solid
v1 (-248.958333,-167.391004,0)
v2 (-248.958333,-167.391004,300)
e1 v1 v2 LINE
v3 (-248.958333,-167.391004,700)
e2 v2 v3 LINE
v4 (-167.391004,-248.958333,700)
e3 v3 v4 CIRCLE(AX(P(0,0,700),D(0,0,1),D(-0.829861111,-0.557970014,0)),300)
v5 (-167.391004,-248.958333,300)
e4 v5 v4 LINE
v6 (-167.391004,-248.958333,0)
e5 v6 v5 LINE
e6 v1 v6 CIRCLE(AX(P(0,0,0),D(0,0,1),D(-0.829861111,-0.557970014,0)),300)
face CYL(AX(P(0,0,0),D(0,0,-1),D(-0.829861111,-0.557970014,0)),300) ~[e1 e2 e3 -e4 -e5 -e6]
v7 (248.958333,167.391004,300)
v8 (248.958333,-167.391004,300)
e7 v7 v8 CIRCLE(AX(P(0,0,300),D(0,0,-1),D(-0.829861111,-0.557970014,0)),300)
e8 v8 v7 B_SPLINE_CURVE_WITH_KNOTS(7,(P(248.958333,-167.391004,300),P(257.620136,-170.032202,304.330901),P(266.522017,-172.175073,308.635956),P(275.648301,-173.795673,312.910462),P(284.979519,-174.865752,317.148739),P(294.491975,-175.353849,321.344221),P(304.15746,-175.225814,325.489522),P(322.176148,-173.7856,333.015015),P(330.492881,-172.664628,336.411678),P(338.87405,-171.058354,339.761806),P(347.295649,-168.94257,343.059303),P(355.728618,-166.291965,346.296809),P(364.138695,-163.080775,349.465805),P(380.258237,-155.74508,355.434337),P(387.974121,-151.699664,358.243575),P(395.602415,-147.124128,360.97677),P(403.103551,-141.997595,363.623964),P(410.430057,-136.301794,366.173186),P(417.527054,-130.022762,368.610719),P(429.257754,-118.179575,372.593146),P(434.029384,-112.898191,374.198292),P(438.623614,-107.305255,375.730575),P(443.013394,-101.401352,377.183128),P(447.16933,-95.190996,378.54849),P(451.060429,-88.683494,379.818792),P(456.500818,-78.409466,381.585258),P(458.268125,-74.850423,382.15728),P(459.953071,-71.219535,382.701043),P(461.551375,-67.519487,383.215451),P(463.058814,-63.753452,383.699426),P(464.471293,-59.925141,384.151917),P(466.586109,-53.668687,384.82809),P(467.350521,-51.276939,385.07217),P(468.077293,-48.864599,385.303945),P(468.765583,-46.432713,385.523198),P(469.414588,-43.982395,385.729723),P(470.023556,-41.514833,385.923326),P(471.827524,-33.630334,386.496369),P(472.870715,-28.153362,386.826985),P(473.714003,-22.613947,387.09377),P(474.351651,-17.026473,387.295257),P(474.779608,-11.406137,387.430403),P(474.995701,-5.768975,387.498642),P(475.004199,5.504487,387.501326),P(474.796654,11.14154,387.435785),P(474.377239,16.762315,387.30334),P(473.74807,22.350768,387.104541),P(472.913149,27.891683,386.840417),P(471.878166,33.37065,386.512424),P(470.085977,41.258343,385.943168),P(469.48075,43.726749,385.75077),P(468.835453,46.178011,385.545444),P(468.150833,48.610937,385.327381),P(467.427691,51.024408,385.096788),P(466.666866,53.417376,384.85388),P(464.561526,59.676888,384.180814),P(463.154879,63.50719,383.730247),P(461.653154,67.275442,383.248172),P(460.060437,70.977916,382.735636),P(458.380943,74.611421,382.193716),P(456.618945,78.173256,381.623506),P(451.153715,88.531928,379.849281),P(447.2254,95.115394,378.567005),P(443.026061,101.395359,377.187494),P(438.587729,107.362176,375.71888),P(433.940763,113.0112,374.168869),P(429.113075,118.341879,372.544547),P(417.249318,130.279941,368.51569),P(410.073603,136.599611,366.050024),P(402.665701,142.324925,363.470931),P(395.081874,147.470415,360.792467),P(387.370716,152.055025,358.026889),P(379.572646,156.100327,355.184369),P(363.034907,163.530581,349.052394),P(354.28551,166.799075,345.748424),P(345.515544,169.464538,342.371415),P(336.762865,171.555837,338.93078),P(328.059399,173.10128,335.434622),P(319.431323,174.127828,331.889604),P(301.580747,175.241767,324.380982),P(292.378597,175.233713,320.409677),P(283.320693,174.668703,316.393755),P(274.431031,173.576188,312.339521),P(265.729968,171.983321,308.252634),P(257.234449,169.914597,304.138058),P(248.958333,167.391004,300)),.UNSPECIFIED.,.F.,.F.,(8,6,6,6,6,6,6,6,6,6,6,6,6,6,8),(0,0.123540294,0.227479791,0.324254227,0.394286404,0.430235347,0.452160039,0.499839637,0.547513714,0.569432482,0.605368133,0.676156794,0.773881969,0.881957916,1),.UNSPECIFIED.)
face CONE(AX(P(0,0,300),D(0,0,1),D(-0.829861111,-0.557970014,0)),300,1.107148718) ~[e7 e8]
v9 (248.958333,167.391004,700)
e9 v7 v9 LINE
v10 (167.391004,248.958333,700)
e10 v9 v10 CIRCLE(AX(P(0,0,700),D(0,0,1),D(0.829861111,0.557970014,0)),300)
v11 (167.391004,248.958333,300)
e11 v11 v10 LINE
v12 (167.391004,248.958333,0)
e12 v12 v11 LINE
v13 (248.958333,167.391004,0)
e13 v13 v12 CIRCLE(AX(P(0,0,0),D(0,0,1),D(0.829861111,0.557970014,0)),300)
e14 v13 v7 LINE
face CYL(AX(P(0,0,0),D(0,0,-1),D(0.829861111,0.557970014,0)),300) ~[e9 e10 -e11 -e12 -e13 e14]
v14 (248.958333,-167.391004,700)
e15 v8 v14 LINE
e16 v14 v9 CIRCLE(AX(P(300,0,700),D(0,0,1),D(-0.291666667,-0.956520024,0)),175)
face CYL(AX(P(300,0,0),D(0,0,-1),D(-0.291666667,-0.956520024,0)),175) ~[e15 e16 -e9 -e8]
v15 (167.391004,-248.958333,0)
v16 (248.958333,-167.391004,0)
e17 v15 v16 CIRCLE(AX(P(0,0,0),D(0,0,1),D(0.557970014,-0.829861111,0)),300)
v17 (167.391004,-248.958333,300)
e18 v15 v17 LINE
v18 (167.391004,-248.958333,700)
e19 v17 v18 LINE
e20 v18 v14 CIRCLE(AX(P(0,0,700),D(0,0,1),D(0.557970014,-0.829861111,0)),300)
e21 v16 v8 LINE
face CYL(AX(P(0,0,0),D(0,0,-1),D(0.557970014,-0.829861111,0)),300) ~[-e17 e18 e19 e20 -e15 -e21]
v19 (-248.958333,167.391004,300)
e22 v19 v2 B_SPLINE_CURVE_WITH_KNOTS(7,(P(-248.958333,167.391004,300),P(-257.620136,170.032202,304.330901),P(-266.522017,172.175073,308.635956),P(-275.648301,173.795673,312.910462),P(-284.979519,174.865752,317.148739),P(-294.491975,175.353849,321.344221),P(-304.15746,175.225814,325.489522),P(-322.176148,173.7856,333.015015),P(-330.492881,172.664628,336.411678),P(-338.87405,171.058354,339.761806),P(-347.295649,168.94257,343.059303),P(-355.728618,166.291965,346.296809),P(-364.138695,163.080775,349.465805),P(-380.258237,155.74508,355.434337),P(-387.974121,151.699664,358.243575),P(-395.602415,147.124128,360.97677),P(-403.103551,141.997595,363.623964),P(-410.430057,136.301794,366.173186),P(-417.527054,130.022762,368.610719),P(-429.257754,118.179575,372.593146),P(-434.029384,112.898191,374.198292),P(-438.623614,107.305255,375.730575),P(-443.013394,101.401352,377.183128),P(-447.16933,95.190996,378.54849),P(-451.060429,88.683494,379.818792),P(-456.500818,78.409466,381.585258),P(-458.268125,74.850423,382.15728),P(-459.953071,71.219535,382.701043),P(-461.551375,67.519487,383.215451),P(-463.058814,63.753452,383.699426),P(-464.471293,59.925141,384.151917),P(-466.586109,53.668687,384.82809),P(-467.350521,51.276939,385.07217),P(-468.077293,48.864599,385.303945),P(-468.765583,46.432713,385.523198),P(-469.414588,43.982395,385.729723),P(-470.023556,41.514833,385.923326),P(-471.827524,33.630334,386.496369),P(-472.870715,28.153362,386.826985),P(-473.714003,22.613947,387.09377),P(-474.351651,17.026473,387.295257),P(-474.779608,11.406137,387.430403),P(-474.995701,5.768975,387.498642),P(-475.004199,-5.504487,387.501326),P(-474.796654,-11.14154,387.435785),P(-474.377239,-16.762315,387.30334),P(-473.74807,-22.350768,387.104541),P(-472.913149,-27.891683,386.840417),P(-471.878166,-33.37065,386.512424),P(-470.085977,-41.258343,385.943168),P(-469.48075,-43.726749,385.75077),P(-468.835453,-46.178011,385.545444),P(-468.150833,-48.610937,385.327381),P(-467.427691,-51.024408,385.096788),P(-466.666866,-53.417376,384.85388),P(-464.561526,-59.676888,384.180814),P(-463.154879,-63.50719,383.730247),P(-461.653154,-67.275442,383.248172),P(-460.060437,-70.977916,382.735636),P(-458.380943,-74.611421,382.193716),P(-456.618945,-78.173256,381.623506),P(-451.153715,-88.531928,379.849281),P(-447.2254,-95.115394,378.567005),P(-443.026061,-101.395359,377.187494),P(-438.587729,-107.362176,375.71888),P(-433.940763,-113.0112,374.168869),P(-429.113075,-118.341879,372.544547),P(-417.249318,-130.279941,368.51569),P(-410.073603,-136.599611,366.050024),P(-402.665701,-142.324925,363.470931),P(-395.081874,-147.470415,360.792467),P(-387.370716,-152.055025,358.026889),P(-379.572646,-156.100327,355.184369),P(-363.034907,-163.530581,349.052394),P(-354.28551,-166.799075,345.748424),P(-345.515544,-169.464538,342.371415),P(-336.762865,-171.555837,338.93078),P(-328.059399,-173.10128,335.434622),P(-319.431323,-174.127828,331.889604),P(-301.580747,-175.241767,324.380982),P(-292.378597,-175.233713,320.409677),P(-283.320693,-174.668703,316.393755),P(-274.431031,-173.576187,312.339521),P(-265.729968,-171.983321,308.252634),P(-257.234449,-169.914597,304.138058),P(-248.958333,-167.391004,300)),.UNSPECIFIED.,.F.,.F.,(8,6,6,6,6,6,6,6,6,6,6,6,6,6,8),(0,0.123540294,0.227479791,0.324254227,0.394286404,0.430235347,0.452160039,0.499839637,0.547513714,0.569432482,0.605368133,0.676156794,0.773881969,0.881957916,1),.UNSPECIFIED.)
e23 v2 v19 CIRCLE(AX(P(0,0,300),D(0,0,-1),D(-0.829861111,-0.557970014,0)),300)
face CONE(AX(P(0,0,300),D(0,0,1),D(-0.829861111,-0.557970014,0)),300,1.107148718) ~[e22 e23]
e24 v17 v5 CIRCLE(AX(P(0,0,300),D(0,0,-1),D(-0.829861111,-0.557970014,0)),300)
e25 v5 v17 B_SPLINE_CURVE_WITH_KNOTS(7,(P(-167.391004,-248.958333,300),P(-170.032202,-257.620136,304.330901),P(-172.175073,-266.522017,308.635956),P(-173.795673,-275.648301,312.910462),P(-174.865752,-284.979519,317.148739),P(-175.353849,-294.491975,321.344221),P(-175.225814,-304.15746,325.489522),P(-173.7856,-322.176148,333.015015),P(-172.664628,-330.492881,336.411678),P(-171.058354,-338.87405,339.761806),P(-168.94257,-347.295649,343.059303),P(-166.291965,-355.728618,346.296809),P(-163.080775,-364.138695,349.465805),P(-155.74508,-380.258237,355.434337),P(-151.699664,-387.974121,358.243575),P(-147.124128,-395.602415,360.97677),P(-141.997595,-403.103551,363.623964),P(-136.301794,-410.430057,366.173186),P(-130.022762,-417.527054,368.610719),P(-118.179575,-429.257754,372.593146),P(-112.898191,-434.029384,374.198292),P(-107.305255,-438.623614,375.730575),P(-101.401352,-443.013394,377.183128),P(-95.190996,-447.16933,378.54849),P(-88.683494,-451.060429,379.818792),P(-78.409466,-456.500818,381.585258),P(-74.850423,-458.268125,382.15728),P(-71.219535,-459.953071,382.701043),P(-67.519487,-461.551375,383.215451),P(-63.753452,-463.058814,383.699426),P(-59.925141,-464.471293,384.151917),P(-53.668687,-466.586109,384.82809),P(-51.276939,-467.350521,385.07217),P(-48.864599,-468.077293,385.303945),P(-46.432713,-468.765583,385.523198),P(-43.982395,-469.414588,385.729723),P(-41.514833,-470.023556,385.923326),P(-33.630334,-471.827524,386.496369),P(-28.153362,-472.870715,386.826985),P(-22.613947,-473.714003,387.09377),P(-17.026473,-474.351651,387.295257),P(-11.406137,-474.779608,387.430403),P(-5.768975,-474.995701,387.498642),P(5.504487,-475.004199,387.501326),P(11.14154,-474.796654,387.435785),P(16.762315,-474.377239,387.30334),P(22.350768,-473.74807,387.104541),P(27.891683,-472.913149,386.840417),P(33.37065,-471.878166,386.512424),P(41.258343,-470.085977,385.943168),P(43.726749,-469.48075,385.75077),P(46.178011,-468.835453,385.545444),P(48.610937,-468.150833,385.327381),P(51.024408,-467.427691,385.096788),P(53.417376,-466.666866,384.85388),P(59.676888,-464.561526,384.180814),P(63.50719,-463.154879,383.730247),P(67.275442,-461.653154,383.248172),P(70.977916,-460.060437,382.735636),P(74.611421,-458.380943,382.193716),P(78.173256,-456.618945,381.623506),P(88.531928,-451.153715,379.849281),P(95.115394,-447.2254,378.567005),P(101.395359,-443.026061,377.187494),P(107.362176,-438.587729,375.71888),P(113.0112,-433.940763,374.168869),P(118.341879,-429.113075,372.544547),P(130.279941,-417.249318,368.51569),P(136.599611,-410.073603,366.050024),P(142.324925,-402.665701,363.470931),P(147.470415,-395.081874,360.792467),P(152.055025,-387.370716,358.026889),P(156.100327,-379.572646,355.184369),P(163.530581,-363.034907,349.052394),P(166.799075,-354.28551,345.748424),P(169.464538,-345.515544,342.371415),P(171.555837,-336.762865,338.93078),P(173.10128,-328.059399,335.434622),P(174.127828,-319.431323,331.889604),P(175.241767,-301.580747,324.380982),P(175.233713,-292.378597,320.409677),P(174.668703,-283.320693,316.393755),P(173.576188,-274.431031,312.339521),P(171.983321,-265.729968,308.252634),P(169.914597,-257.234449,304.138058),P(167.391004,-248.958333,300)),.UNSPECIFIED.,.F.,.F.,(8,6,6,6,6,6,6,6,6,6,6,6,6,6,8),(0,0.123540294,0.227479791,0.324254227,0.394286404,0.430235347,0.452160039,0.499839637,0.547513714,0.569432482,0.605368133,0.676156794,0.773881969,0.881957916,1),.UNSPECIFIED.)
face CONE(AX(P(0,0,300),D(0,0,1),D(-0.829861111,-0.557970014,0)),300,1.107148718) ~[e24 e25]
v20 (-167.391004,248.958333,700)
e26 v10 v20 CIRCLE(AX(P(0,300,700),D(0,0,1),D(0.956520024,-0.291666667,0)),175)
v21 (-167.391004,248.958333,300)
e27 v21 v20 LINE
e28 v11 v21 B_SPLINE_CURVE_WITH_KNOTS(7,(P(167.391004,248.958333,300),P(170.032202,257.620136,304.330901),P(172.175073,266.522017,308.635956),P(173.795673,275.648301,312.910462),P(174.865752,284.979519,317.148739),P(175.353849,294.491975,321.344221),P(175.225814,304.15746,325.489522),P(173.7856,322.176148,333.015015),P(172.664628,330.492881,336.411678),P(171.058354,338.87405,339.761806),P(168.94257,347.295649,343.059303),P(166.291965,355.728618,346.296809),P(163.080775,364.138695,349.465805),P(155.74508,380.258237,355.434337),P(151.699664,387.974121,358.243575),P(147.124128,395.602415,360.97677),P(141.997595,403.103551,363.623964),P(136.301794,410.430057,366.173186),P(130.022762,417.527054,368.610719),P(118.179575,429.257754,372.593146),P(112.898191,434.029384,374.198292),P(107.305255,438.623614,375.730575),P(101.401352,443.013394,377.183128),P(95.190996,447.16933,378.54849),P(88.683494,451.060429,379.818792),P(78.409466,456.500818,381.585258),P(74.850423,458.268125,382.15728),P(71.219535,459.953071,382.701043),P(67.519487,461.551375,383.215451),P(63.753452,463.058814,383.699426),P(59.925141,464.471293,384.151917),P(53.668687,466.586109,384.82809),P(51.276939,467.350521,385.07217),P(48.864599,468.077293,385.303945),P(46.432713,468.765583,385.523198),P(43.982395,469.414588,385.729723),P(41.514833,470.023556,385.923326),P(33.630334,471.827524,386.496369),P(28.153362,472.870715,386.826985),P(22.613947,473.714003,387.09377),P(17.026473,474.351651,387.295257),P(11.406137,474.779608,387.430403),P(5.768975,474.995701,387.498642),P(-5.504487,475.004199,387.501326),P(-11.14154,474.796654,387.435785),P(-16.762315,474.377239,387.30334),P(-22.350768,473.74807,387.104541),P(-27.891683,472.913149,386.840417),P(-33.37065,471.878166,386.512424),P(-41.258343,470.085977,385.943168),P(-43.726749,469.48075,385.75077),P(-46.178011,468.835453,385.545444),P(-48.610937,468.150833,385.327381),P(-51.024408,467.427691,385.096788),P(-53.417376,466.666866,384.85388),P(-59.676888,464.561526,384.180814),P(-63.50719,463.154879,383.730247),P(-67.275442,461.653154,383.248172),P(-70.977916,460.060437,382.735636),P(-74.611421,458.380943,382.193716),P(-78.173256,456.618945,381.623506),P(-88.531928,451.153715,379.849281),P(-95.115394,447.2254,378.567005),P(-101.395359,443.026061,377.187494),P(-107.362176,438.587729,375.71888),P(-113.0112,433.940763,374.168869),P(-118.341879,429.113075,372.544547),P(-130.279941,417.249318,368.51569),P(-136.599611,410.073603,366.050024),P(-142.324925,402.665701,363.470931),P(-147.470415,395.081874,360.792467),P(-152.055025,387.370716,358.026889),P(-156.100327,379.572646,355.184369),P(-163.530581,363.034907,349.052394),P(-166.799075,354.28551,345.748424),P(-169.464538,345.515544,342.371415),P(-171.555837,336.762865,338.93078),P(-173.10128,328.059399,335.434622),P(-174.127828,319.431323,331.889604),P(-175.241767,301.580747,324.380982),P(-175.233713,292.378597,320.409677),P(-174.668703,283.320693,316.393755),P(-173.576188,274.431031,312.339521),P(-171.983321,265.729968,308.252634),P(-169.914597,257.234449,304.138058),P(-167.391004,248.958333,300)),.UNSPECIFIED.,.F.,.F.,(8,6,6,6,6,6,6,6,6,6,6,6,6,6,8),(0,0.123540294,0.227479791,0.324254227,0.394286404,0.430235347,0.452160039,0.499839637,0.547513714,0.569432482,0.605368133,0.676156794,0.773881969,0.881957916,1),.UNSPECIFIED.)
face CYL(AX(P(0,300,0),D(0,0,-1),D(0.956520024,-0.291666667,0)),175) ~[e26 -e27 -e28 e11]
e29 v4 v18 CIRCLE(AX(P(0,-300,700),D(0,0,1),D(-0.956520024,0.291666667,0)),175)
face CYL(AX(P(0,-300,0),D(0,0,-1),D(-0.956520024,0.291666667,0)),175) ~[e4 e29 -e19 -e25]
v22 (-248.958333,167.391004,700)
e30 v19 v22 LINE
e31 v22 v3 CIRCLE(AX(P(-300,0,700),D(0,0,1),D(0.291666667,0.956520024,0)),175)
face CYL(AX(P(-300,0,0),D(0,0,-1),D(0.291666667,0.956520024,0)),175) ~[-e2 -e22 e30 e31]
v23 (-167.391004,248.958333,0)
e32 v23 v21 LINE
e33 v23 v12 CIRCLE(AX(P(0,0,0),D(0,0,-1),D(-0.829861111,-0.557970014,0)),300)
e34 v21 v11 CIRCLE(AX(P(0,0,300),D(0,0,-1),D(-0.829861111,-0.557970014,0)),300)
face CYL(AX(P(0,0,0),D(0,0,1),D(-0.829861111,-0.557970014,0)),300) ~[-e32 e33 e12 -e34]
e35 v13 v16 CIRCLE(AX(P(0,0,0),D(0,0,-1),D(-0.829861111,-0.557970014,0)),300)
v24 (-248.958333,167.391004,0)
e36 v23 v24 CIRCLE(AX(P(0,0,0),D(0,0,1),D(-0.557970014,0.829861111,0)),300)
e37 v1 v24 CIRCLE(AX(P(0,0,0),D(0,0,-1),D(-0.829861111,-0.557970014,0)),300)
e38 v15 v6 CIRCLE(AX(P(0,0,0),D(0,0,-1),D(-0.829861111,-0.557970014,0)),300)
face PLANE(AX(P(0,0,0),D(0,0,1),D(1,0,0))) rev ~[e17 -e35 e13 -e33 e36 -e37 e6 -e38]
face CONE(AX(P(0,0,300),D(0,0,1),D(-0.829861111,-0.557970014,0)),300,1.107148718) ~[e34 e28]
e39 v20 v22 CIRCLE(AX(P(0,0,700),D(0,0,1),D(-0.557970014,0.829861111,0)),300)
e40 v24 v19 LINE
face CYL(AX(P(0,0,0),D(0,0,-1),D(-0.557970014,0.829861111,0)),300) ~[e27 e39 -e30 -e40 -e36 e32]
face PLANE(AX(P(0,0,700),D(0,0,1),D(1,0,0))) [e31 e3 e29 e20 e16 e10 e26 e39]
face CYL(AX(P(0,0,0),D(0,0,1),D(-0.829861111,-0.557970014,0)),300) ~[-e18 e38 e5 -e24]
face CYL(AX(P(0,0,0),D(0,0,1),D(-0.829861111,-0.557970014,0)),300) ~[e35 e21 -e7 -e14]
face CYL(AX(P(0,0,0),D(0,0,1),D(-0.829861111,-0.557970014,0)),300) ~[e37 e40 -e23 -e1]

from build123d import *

# Parameters (mm, degrees)
EXTRUDE_1_DEPTH = 700


with BuildPart() as part:
    # 草图1 → 凸台-拉伸1 (new body)
    with BuildSketch(Plane.XY):
        with BuildLine():
            ThreePointArc((167.391004131, -248.958333333), (212.132034356, -212.132034356), (248.958333333, -167.391004131))
            ThreePointArc((248.958333333, -167.391004131), (475, 0), (248.958333333, 167.391004131))
            ThreePointArc((248.958333333, 167.391004131), (212.132034356, 212.132034356), (167.391004131, 248.958333333))
            ThreePointArc((167.391004131, 248.958333333), (0, 475), (-167.391004131, 248.958333333))
            ThreePointArc((-167.391004131, 248.958333333), (-212.132034356, 212.132034356), (-248.958333333, 167.391004131))
            ThreePointArc((-248.958333333, 167.391004131), (-475, 0), (-248.958333333, -167.391004131))
            ThreePointArc((-248.958333333, -167.391004131), (-212.132034356, -212.132034356), (-167.391004131, -248.958333333))
            ThreePointArc((-167.391004131, -248.958333333), (0, -475), (167.391004131, -248.958333333))
        make_face()
    extrude(amount=EXTRUDE_1_DEPTH)

    # 草图2 → 切除-旋转1 (revolve, cut)
    with BuildSketch(Plane(origin=(0, 0, 0), x_dir=(1, 0, 0), z_dir=(0, 1, 0)), mode=Mode.PRIVATE) as cut_revolve_1_sk:
        Polygon((500, -400), (500, 0), (300, 0), (300, -300), align=None)
    revolve(cut_revolve_1_sk.sketch.rotate(Axis((0, 0, 700), (0, 0, -1)), 146.0844734), axis=Axis((0, 0, 700), (0, 0, -1)), mode=Mode.SUBTRACT)


solid = part.part
